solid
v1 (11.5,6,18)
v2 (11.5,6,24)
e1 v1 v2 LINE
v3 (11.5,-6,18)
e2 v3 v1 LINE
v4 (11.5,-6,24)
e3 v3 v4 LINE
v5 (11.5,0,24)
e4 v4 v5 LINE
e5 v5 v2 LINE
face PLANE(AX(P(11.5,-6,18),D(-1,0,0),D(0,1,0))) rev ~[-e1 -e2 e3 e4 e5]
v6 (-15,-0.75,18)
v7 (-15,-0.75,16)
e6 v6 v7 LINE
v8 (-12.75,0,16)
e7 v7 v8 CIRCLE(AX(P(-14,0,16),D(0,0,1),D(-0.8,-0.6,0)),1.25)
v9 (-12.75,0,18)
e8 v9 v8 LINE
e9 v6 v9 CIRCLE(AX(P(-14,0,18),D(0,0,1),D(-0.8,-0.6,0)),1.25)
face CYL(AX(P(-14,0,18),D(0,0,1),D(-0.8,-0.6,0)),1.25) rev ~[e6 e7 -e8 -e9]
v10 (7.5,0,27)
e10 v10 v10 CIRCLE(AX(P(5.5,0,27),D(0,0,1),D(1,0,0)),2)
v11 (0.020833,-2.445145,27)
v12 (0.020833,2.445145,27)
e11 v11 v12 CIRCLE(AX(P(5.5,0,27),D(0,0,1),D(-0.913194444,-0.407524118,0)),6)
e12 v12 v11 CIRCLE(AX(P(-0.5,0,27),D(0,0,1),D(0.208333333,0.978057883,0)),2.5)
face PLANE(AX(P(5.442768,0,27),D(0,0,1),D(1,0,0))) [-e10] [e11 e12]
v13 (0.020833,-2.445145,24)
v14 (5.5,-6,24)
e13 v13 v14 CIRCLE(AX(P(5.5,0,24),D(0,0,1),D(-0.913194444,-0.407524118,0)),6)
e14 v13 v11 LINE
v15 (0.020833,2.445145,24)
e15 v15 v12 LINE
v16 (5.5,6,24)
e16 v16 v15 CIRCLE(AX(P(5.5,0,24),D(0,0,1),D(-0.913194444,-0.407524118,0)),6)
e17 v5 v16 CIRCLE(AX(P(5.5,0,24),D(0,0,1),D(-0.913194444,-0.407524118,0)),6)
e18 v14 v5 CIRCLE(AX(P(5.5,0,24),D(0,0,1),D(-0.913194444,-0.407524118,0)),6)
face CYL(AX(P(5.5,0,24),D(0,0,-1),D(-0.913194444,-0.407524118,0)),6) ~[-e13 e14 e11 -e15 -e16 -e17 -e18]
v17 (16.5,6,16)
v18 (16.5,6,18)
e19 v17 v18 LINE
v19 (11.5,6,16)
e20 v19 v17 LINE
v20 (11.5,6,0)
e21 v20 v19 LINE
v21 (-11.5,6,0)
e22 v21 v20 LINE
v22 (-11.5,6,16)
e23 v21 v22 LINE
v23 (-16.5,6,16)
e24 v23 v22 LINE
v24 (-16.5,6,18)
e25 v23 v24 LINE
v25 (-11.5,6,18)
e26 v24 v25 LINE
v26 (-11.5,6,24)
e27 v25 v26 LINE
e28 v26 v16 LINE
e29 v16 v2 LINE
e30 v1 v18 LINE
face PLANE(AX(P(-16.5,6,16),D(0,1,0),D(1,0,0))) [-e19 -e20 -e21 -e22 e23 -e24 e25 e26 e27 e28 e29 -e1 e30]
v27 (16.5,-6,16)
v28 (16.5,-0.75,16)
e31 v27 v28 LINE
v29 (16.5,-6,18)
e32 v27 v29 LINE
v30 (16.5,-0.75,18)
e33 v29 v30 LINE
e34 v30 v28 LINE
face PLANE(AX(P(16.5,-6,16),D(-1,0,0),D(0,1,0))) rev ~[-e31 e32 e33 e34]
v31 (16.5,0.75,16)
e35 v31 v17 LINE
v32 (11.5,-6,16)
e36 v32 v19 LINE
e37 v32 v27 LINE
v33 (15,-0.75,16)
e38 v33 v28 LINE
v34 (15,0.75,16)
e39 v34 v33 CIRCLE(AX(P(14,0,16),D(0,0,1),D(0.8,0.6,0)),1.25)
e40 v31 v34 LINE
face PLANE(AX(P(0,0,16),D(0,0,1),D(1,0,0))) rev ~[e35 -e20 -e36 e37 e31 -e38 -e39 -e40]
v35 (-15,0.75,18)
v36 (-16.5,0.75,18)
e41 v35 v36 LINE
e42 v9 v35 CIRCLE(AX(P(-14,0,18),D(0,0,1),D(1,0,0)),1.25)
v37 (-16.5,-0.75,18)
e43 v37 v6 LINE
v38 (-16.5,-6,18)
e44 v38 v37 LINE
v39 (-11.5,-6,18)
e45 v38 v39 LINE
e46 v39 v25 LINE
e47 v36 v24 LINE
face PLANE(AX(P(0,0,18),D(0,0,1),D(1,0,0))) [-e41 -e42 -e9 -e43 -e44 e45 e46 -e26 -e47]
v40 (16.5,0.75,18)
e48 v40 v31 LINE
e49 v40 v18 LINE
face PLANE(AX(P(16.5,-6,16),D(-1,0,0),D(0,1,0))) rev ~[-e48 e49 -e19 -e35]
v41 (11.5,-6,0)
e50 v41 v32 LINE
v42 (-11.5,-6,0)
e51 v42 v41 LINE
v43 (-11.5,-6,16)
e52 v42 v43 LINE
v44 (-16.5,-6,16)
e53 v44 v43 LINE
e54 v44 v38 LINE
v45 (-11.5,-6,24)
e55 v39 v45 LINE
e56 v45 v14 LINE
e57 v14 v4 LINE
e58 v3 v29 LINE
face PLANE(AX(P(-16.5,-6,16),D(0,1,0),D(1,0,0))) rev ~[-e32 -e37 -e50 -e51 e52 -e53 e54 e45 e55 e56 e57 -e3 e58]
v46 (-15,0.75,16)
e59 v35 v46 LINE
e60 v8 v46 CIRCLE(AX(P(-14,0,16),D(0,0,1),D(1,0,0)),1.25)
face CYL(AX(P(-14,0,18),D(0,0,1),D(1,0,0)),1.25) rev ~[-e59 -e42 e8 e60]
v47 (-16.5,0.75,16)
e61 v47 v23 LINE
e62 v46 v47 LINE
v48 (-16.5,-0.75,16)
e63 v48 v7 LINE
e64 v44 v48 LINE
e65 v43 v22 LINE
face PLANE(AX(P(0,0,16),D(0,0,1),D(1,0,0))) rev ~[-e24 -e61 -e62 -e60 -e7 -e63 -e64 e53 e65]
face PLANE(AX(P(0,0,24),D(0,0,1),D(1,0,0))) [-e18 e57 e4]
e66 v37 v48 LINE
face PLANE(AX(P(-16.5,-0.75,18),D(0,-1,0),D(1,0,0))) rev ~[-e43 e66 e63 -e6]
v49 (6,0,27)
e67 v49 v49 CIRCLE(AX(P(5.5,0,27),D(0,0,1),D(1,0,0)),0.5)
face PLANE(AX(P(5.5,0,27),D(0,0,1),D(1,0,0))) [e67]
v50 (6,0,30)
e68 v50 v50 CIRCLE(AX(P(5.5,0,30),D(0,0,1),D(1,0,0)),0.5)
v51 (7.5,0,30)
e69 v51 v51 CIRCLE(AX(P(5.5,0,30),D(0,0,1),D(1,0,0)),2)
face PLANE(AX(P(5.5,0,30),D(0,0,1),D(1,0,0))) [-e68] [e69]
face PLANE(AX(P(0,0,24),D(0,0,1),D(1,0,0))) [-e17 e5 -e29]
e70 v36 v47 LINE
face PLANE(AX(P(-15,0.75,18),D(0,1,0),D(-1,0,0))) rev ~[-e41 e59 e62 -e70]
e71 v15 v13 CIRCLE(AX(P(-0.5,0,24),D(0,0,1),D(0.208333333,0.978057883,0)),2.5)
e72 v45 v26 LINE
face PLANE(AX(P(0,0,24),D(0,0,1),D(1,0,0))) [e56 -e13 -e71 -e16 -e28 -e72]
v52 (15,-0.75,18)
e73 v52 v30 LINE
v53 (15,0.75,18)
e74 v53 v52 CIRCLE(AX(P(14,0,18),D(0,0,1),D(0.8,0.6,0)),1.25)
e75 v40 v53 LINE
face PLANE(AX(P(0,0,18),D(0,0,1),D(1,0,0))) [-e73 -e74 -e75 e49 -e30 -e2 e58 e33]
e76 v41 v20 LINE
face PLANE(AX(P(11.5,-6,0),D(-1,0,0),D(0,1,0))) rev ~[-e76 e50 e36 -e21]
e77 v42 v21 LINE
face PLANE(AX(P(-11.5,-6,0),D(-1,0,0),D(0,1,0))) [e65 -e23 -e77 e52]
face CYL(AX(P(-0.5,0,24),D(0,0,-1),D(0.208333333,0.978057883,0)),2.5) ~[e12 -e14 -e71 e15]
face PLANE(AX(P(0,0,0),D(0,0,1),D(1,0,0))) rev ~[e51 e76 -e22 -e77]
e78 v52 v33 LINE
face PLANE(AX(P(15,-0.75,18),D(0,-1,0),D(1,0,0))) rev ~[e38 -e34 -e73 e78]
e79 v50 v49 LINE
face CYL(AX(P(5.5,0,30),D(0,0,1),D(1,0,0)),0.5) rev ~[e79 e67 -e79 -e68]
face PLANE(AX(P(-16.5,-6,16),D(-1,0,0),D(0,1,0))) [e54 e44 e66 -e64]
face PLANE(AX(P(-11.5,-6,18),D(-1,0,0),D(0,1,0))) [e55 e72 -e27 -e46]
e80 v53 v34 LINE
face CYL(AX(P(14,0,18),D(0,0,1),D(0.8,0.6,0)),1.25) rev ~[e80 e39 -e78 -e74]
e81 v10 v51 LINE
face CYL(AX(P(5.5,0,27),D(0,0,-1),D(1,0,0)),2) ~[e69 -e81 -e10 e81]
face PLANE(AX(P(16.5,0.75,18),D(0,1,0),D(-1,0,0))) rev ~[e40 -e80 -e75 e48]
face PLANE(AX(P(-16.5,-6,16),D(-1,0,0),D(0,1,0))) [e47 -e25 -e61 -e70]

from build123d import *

# Parameters (mm, degrees)
F0_W      = 23
F0_H      = 12
F1_DEPTH  = 16
F2_W      = 33
F2_H      = 12
F3_DEPTH  = 2
F4_W      = 23
F4_H      = 12
F5_DEPTH  = 6
F7_DEPTH  = 3
F8_R      = 2
F9_DEPTH  = 3
F11_DEPTH = 18.001
F12_R     = 0.5
F13_DEPTH = 3


with BuildPart() as f1:
    # F0 (on Top) → F1 (new body)
    with BuildSketch(Plane.XY):
        Rectangle(F0_W, F0_H)
    extrude(amount=F1_DEPTH)

    # F2 (on face) → F3 (join)
    with BuildSketch(Plane.XY.offset(16)):
        Rectangle(F2_W, F2_H)
    extrude(amount=F3_DEPTH)

    # F4 (on face) → F5 (join)
    with BuildSketch(Plane.XY.offset(18)):
        Rectangle(F4_W, F4_H)
    extrude(amount=F5_DEPTH)

    # F6 (on face) → F7 (join)
    with BuildSketch(Plane.XY.offset(24)):
        with BuildLine():
            ThreePointArc((0.0208333333, -2.4451447071), (6.75, -5.8683472972), (11.5, 0))
            ThreePointArc((11.5, 0), (6.75, 5.8683472972), (0.0208333333, 2.4451447071))
            ThreePointArc((0.0208333333, 2.4451447071), (1.4432039694, 1.572882174), (2, 0))
            ThreePointArc((2, 0), (1.4432039694, -1.572882174), (0.0208333333, -2.4451447071))
        make_face()
        with BuildLine():
            ThreePointArc((2, 0), (1.4432039694, 1.572882174), (0.0208333333, 2.4451447071))
            ThreePointArc((0.0208333333, 2.4451447071), (-0.5, 0), (0.0208333333, -2.4451447071))
            ThreePointArc((0.0208333333, -2.4451447071), (1.4432039694, -1.572882174), (2, 0))
        make_face()
        with BuildLine():
            ThreePointArc((0.0208333333, -2.4451447071), (-0.5, 0), (0.0208333333, 2.4451447071))
            ThreePointArc((0.0208333333, 2.4451447071), (-3, 0), (0.0208333333, -2.4451447071))
        make_face()
    extrude(amount=F7_DEPTH)

    # F8 (on face) → F9 (join)
    with BuildSketch(Plane.XY.offset(27)):
        with Locations((5.5, 0)):
            Circle(F8_R)
    extrude(amount=F9_DEPTH)

    # F10 (on face) → F11 (cut, through all)
    with BuildSketch(Plane.XY.offset(18)):
        with BuildLine():
            ThreePointArc((-15, -0.75), (-13.6047152925, -1.1858541226), (-12.75, 0))
            ThreePointArc((-12.75, 0), (-13.6047152925, 1.1858541226), (-15, 0.75))
            Line((-15, 0.75), (-15, -0.75))
        make_face()
        with BuildLine():
            Line((-15, -0.75), (-15, 0.75))
            ThreePointArc((-15, 0.75), (-15.25, 0), (-15, -0.75))
        make_face()
        with BuildLine():
            ThreePointArc((-15, -0.75), (-15.25, 0), (-15, 0.75))
            Line((-15, 0.75), (-16.5, 0.75))
            Line((-16.5, 0.75), (-16.5, -0.75))
            Line((-16.5, -0.75), (-15, -0.75))
        make_face()
        with BuildLine():
            ThreePointArc((15, -0.75), (15.1858541226, -0.3952847075), (15.25, 0))
            ThreePointArc((15.25, 0), (15.1858541226, 0.3952847075), (15, 0.75))
            Line((15, 0.75), (15, -0.75))
        make_face()
        with BuildLine():
            ThreePointArc((15, 0.75), (15.1858541226, 0.3952847075), (15.25, 0))
            ThreePointArc((15.25, 0), (15.1858541226, -0.3952847075), (15, -0.75))
            Line((15, -0.75), (16.5, -0.75))
            Line((16.5, -0.75), (16.5, 0.75))
            Line((16.5, 0.75), (15, 0.75))
        make_face()
        with BuildLine():
            Line((15, -0.75), (15, 0.75))
            ThreePointArc((15, 0.75), (12.75, 0), (15, -0.75))
        make_face()
    extrude(amount=-F11_DEPTH, mode=Mode.SUBTRACT)

    # F12 (on face) → F13 (cut)
    with BuildSketch(Plane.XY.offset(30)):
        with Locations((5.5, 0)):
            Circle(F12_R)
    extrude(amount=-F13_DEPTH, mode=Mode.SUBTRACT)


solid = f1.part
